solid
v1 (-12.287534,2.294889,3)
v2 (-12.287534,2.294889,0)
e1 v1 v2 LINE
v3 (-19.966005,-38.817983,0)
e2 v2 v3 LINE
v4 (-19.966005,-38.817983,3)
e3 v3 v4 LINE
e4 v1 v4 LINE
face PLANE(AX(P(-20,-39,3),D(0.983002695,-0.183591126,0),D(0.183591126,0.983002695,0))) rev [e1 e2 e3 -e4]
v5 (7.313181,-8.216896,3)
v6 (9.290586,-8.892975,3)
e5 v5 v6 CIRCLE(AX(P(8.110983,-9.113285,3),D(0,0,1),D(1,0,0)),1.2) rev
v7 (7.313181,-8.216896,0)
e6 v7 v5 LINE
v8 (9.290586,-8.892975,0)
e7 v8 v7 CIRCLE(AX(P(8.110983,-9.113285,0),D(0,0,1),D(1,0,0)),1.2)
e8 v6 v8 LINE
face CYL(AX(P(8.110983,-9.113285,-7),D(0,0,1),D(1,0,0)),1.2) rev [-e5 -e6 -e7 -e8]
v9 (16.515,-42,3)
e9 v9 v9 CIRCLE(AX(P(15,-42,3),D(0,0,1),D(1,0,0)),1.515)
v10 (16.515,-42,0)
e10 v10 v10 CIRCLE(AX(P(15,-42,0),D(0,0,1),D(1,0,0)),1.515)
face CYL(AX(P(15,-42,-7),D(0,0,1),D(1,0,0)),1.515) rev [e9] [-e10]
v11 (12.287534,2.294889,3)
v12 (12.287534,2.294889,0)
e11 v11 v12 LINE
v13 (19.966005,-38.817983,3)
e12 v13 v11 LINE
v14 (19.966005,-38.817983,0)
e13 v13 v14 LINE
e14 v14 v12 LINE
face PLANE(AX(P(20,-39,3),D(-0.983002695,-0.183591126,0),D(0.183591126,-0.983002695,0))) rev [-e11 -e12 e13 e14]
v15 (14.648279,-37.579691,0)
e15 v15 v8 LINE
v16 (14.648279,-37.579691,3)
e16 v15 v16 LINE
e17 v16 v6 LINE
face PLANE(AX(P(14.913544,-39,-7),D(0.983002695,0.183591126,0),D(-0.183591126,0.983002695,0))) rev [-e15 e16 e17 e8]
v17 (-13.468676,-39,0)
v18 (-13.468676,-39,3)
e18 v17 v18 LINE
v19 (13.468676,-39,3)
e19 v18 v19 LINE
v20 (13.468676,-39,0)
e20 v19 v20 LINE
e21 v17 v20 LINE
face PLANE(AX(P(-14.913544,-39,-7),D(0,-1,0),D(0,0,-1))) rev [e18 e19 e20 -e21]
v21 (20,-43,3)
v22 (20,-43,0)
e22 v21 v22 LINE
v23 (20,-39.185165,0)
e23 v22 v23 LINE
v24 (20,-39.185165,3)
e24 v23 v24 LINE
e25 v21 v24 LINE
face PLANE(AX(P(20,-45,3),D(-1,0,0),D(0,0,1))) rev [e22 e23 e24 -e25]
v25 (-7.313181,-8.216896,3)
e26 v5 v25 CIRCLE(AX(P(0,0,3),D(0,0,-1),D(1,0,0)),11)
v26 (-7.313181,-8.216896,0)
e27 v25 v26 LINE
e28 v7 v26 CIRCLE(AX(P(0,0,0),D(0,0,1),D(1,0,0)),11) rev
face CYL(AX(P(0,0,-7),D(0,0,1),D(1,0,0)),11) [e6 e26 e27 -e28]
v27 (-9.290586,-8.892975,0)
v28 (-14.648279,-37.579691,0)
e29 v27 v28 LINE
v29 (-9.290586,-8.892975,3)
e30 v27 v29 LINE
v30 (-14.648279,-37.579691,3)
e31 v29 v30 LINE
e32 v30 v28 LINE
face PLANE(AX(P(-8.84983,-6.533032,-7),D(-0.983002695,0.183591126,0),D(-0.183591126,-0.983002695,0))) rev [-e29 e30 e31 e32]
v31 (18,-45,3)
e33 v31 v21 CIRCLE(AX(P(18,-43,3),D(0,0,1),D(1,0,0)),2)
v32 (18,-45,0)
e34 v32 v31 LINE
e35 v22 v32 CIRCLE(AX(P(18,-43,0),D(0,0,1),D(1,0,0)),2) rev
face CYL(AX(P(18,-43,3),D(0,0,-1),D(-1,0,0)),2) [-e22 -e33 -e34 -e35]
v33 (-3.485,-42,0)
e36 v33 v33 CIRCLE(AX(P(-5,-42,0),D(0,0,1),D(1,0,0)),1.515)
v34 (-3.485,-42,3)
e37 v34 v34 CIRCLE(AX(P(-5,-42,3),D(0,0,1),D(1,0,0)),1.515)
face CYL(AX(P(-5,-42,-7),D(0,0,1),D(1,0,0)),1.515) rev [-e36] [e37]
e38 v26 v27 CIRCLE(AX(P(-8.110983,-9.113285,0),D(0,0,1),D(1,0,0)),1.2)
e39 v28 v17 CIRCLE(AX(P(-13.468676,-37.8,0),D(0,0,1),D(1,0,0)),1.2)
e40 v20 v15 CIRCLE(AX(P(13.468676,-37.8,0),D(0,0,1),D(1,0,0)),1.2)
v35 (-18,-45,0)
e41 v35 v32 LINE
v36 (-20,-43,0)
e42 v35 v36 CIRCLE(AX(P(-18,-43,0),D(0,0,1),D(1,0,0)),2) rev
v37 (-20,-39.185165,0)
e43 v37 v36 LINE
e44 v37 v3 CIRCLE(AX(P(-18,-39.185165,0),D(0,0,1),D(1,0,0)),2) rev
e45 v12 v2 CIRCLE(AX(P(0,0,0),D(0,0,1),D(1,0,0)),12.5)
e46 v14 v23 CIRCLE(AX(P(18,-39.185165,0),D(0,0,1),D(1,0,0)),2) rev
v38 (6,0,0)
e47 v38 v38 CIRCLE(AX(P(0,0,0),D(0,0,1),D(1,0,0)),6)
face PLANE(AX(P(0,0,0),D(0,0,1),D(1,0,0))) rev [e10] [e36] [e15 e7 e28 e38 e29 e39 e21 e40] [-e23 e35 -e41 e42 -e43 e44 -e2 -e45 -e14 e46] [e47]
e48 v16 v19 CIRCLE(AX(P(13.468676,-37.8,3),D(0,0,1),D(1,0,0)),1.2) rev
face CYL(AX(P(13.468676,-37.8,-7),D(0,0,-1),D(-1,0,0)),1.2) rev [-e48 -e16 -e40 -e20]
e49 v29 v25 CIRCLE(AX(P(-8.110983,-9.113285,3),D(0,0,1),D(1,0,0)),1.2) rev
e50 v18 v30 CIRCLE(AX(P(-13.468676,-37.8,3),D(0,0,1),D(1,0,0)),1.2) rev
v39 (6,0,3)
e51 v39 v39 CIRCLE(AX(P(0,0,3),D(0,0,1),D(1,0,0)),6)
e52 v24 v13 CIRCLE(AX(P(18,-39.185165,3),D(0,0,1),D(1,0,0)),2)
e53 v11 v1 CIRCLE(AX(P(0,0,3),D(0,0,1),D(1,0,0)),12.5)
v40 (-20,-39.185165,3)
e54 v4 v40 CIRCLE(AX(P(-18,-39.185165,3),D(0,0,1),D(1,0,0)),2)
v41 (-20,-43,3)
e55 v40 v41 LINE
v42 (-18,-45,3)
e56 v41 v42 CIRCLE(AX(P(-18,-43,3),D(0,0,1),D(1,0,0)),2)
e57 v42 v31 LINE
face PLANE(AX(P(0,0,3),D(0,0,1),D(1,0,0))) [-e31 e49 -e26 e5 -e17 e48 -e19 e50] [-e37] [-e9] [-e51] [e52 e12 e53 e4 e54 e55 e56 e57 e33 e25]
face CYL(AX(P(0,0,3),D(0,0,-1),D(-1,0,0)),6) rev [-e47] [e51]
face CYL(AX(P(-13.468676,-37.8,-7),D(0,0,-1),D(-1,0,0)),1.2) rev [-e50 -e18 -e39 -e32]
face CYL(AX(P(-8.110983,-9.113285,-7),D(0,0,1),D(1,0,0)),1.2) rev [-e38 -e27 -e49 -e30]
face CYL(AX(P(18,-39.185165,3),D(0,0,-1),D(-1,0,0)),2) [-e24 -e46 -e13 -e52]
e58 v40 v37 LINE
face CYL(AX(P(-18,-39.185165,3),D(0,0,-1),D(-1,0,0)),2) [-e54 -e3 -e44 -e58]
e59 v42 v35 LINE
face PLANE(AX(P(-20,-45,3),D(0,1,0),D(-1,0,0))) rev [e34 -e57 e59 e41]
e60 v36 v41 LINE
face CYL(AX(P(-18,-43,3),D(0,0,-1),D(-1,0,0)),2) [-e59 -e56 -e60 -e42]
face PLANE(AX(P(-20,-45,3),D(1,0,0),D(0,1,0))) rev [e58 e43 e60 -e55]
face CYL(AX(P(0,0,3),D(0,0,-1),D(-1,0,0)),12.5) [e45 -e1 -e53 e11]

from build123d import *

# Parameters (mm, degrees)
SKETCH_1_R          = 6
EXTRUDE_1_DEPTH     = 3
FILLET_1_R          = 2
SKETCH_2_R          = 1.515
CUT_EXTRUDE_1_DEPTH = 10
CUT_EXTRUDE_2_DEPTH = 10
FILLET_2_R          = 1.2


with BuildPart() as part:
    # 草图1 → 凸台-拉伸1 (new body)
    with BuildSketch(Plane.XY):
        with BuildLine():
            Line((-20, -45), (20, -45))
            Line((20, -45), (20, -39))
            Line((20, -39), (12.287533689, 2.294889071))
            ThreePointArc((12.287533689, 2.294889071), (0, 12.5), (-12.287533689, 2.294889071))
            Line((-12.287533689, 2.294889071), (-20, -39))
            Line((-20, -39), (-20, -45))
        make_face()
        Circle(SKETCH_1_R, mode=Mode.SUBTRACT)
    extrude(amount=EXTRUDE_1_DEPTH)

    # 圆角1
    fillet_1_edges = [part.edges().sort_by_distance(p)[0] for p in [
        (20, -39, 1.5),
        (20, -45, 1.5),
        (-20, -45, 1.5),
        (-20, -39, 1.5),
    ]]
    fillet(fillet_1_edges, radius=FILLET_1_R)

    # 草图2 → 切除-拉伸1 (cut)
    with BuildSketch(Plane.XY.offset(3)):
        with Locations((-5, -42)):
            Circle(SKETCH_2_R)
        with Locations((15, -42)):
            Circle(SKETCH_2_R)
    extrude(amount=-CUT_EXTRUDE_1_DEPTH, mode=Mode.SUBTRACT)

    # 草图3 → 切除-拉伸2 (cut)
    with BuildSketch(Plane.XY.offset(3)):
        with BuildLine():
            Line((-8.849829987, -6.53303216), (-14.913543956, -39))
            Line((-14.913543956, -39), (14.913543956, -39))
            Line((14.913543956, -39), (8.849829987, -6.53303216))
            ThreePointArc((8.849829987, -6.53303216), (0, -11), (-8.849829987, -6.53303216))
        make_face()
    extrude(amount=-CUT_EXTRUDE_2_DEPTH, mode=Mode.SUBTRACT)

    # 圆角2
    fillet_2_edges = [part.edges().sort_by_distance(p)[0] for p in [
        (-8.849829987, -6.53303216, 1.5),
        (8.849829987, -6.53303216, 1.5),
        (14.913543956, -39, 1.5),
        (-14.913543956, -39, 1.5),
    ]]
    fillet(fillet_2_edges, radius=FILLET_2_R)


solid = part.part
